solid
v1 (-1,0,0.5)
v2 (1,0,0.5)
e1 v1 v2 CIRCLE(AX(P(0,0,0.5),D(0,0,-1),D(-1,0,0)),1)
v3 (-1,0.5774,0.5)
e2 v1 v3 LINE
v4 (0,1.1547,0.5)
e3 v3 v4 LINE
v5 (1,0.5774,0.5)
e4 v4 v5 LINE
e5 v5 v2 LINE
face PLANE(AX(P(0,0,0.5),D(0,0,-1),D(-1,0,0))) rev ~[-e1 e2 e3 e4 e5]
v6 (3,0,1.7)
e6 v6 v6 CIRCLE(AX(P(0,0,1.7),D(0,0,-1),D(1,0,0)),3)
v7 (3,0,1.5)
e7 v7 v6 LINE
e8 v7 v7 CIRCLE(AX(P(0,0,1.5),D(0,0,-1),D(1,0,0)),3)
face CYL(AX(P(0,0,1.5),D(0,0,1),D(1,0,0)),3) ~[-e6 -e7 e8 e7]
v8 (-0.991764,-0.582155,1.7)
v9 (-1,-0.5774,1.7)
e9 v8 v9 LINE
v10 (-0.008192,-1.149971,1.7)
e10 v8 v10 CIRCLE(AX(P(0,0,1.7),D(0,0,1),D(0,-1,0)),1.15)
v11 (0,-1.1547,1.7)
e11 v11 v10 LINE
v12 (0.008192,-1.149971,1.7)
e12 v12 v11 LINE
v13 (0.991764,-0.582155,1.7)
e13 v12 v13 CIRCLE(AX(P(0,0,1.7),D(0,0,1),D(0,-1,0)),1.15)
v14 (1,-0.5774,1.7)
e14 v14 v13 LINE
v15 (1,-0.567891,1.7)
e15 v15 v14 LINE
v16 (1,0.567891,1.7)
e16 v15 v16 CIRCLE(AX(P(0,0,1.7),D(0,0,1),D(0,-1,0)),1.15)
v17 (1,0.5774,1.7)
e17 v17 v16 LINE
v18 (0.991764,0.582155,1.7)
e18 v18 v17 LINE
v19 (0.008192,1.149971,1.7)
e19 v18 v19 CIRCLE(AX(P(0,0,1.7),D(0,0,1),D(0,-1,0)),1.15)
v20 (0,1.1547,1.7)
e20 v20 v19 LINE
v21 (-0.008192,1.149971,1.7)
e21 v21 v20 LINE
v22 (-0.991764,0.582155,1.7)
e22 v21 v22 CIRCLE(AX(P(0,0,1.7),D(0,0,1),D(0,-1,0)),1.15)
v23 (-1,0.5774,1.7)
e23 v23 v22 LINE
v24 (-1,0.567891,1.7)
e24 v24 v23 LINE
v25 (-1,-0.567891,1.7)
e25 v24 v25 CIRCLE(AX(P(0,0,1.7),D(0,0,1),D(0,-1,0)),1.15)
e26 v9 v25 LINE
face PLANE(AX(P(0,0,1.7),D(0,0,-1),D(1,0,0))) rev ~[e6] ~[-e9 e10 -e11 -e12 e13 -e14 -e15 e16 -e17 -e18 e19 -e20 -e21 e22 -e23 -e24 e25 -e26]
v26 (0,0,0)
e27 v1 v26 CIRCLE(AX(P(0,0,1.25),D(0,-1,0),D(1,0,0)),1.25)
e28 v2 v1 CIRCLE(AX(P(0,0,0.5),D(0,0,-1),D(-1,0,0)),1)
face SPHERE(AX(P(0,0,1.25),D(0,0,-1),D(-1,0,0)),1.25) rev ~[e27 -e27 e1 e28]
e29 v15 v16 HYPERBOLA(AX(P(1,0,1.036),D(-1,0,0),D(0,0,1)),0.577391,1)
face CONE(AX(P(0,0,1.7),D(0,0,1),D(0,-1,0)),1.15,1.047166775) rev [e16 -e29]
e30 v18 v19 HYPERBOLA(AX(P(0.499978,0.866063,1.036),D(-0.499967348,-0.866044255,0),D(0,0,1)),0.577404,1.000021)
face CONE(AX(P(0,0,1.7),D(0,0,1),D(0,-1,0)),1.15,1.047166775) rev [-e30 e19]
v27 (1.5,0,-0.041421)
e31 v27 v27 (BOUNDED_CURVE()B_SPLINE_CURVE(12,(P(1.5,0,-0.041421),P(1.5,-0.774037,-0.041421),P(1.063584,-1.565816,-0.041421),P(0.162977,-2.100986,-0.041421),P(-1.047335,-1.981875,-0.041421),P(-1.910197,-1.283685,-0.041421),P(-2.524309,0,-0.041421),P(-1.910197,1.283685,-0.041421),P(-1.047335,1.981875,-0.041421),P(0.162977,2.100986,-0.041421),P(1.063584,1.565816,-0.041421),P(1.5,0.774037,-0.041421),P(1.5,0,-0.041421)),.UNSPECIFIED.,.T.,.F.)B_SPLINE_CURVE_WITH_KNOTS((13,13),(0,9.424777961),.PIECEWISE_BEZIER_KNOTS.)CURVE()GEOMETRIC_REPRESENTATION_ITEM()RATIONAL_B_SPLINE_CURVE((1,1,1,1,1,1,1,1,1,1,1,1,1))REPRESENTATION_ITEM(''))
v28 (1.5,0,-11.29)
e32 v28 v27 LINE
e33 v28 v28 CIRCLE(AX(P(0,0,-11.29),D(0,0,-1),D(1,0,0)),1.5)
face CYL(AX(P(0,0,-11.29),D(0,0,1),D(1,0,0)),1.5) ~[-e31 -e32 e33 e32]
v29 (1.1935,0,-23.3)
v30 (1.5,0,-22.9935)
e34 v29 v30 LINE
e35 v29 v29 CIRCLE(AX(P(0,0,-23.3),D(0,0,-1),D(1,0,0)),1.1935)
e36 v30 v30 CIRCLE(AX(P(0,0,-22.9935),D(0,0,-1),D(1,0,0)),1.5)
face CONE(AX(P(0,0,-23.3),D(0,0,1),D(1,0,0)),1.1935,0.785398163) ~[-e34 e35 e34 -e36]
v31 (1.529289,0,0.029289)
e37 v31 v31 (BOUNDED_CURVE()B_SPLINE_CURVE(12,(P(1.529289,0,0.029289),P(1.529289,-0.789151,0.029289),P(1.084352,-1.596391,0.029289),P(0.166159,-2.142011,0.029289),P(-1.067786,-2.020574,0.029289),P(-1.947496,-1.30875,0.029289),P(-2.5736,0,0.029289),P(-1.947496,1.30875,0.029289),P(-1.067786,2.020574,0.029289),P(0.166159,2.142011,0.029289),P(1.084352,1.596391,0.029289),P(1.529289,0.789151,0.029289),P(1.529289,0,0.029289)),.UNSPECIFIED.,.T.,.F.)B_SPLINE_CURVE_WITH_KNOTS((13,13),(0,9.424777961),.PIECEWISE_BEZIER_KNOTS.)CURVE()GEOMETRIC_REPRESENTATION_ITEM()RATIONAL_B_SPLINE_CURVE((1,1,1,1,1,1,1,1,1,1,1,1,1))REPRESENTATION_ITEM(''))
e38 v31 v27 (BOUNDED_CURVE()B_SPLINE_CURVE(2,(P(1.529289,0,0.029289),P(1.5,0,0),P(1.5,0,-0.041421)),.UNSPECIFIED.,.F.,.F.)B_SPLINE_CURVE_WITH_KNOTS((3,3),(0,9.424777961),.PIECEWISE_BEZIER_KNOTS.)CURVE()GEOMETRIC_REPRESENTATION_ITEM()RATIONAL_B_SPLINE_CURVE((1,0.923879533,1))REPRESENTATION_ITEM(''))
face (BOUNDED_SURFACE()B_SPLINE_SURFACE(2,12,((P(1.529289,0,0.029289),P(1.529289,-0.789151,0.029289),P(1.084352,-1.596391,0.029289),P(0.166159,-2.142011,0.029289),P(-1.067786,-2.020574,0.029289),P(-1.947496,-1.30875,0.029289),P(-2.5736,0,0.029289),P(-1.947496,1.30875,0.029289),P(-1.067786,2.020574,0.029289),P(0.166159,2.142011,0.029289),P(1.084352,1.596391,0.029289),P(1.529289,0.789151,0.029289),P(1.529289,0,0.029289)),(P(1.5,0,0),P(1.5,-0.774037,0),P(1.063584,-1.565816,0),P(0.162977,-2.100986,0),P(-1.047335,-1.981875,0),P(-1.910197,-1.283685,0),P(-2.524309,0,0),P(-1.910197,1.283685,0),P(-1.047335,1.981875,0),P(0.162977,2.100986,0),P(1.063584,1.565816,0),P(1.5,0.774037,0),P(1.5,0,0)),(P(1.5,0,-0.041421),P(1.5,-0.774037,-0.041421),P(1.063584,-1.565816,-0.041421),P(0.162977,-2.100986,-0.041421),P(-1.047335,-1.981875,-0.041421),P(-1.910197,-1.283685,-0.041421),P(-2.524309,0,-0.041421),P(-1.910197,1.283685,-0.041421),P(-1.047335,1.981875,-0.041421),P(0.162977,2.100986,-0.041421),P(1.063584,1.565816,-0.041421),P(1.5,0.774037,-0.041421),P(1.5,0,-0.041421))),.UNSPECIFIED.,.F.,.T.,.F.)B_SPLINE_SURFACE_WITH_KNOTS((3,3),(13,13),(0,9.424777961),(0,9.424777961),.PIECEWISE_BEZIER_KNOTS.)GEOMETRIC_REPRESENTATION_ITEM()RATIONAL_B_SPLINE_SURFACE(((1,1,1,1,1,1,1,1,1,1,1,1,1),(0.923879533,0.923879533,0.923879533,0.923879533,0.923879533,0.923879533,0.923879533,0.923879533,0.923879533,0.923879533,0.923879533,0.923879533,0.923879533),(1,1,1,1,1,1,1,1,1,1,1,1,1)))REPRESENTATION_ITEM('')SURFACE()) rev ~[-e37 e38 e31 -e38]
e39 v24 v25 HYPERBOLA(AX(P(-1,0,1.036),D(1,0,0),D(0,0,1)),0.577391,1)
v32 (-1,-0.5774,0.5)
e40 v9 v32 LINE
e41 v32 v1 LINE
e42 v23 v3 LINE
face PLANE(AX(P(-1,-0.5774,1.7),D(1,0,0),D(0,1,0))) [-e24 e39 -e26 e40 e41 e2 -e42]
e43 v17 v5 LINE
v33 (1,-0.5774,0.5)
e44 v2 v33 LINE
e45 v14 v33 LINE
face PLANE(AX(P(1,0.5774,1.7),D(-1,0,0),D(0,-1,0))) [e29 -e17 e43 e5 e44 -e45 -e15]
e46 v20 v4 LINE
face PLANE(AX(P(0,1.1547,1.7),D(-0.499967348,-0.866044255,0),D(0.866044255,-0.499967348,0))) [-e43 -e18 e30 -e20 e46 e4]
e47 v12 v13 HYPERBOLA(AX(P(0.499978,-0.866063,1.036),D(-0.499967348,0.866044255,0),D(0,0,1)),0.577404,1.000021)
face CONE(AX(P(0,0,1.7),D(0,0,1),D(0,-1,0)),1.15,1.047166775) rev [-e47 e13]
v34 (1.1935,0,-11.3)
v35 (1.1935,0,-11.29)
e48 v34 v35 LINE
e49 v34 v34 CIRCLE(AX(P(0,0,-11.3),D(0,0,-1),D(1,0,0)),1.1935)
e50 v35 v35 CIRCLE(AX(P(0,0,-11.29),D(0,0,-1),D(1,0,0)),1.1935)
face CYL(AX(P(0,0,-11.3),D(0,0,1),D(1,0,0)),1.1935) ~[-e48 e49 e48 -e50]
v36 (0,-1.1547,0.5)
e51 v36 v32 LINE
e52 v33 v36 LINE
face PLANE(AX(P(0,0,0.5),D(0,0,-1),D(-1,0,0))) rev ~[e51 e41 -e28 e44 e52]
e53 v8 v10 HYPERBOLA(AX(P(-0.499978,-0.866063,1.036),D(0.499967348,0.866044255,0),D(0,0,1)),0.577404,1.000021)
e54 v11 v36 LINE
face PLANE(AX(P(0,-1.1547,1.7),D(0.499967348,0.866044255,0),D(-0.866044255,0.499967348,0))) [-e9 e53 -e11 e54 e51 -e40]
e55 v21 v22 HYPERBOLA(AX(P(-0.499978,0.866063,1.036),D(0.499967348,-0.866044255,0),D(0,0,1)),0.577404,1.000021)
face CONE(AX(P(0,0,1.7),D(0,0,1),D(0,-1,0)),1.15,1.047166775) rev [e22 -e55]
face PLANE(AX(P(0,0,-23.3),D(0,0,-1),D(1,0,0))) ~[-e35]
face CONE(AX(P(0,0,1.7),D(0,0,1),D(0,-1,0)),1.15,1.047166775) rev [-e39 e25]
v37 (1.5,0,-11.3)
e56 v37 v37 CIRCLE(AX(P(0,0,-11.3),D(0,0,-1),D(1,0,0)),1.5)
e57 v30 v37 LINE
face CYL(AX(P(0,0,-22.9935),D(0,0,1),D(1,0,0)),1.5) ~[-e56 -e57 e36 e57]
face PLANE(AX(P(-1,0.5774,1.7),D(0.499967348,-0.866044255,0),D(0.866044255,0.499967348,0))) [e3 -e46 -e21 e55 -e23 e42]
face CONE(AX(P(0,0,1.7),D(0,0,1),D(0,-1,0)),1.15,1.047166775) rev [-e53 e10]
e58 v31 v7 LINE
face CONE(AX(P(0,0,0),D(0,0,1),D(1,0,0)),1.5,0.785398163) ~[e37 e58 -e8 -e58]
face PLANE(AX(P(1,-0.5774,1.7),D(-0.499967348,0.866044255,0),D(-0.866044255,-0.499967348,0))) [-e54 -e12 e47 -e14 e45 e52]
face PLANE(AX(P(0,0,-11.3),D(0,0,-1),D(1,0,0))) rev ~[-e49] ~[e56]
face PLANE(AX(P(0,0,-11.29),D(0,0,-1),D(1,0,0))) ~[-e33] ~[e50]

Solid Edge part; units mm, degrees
sketch "Sketch1" plane through (0, 0, 0) normal (0, -1, 0) x (1, 0, 0)
  line L0 (1.5, 0) -> (3, 1.5)
  line L1 (3, 1.5) -> (3, 1.7)
  line L2 (3, 1.7) -> (0, 1.7)
  line L3 (0, 1.7) -> (0, -23.3)
  line L4 (0, -23.3) -> (1.1935, -23.3)
  line L5 (1.1935, -23.3) -> (1.5, -22.9935)
  line L6 (1.5, -22.9935) -> (1.5, -11.3)
  line L7 (1.5, -11.3) -> (1.1935, -11.3)
  line L8 (1.1935, -11.3) -> (1.1935, -11.29)
  line L9 (1.1935, -11.29) -> (1.5, -11.29)
  line L10 (1.5, -11.29) -> (1.5, 0)
  dimension "D1" = 25
  dimension "D2" = 3
  dimension "D3" = 1.7
  dimension "D4" = 0.01
  dimension "D5" = 1.1935
  dimension "D6" = 13
  dimension "D7" = 0.2
revolve "RevolvedProtrusion1" add sketch "Sketch1" angle 360 about axis through (0, 0, 54) along (0, 0, -1)
sketch "Sketch2" plane through (0, 0, 0) normal (0, -1, 0) x (1, 0, 0)
  arc A0 (-1, 0.5) -> (0, 0) centre (0, 1.25) ccw
  line L0 (0, 0.5) -> (0, 0)
  line L1 (-1, 0.5) -> (0, 0.5)
  dimension "D1" = 23.8
revolve "RevolvedCutout1" cut sketch "Sketch2" angle 360 about axis through (0, 0, 54) along (0, 0, -1)
sketch "Sketch3" plane through (0, 0, 1.7) normal (0, 0, 1) x (0, -1, 0)
  line L0 (-1.1547, 0) -> (-0.5774, 1)
  line L1 (-0.5774, 1) -> (0.5774, 1)
  line L2 (0.5774, 1) -> (1.1547, 0)
  line L3 (1.1547, 0) -> (0.5774, -1)
  line L4 (0.5774, -1) -> (-0.5774, -1)
  line L5 (-0.5774, -1) -> (-1.1547, 0)
  dimension "D1" = 2
extrude "Cutout1" cut sketch "Sketch3" against normal blind 1.2
cosmetic_thread "Thread1" size "M3"
sketch "Sketch4" plane through (0, 0, 0) normal (1, 0, 0) x (0, 1, 0)
  line L0 (-1.15, 1.7) -> (0, 1.036)
revolve "RevolvedCutout2" cut sketch "Sketch4" angle 360 about axis through (0, 0, -57) along (0, 0, 1) material side at (0, -0.55, 1.4113)
fillet "Round1" radius 0.1 1 edges at (-1.5, 0, 0)
properties material "Stahl"
